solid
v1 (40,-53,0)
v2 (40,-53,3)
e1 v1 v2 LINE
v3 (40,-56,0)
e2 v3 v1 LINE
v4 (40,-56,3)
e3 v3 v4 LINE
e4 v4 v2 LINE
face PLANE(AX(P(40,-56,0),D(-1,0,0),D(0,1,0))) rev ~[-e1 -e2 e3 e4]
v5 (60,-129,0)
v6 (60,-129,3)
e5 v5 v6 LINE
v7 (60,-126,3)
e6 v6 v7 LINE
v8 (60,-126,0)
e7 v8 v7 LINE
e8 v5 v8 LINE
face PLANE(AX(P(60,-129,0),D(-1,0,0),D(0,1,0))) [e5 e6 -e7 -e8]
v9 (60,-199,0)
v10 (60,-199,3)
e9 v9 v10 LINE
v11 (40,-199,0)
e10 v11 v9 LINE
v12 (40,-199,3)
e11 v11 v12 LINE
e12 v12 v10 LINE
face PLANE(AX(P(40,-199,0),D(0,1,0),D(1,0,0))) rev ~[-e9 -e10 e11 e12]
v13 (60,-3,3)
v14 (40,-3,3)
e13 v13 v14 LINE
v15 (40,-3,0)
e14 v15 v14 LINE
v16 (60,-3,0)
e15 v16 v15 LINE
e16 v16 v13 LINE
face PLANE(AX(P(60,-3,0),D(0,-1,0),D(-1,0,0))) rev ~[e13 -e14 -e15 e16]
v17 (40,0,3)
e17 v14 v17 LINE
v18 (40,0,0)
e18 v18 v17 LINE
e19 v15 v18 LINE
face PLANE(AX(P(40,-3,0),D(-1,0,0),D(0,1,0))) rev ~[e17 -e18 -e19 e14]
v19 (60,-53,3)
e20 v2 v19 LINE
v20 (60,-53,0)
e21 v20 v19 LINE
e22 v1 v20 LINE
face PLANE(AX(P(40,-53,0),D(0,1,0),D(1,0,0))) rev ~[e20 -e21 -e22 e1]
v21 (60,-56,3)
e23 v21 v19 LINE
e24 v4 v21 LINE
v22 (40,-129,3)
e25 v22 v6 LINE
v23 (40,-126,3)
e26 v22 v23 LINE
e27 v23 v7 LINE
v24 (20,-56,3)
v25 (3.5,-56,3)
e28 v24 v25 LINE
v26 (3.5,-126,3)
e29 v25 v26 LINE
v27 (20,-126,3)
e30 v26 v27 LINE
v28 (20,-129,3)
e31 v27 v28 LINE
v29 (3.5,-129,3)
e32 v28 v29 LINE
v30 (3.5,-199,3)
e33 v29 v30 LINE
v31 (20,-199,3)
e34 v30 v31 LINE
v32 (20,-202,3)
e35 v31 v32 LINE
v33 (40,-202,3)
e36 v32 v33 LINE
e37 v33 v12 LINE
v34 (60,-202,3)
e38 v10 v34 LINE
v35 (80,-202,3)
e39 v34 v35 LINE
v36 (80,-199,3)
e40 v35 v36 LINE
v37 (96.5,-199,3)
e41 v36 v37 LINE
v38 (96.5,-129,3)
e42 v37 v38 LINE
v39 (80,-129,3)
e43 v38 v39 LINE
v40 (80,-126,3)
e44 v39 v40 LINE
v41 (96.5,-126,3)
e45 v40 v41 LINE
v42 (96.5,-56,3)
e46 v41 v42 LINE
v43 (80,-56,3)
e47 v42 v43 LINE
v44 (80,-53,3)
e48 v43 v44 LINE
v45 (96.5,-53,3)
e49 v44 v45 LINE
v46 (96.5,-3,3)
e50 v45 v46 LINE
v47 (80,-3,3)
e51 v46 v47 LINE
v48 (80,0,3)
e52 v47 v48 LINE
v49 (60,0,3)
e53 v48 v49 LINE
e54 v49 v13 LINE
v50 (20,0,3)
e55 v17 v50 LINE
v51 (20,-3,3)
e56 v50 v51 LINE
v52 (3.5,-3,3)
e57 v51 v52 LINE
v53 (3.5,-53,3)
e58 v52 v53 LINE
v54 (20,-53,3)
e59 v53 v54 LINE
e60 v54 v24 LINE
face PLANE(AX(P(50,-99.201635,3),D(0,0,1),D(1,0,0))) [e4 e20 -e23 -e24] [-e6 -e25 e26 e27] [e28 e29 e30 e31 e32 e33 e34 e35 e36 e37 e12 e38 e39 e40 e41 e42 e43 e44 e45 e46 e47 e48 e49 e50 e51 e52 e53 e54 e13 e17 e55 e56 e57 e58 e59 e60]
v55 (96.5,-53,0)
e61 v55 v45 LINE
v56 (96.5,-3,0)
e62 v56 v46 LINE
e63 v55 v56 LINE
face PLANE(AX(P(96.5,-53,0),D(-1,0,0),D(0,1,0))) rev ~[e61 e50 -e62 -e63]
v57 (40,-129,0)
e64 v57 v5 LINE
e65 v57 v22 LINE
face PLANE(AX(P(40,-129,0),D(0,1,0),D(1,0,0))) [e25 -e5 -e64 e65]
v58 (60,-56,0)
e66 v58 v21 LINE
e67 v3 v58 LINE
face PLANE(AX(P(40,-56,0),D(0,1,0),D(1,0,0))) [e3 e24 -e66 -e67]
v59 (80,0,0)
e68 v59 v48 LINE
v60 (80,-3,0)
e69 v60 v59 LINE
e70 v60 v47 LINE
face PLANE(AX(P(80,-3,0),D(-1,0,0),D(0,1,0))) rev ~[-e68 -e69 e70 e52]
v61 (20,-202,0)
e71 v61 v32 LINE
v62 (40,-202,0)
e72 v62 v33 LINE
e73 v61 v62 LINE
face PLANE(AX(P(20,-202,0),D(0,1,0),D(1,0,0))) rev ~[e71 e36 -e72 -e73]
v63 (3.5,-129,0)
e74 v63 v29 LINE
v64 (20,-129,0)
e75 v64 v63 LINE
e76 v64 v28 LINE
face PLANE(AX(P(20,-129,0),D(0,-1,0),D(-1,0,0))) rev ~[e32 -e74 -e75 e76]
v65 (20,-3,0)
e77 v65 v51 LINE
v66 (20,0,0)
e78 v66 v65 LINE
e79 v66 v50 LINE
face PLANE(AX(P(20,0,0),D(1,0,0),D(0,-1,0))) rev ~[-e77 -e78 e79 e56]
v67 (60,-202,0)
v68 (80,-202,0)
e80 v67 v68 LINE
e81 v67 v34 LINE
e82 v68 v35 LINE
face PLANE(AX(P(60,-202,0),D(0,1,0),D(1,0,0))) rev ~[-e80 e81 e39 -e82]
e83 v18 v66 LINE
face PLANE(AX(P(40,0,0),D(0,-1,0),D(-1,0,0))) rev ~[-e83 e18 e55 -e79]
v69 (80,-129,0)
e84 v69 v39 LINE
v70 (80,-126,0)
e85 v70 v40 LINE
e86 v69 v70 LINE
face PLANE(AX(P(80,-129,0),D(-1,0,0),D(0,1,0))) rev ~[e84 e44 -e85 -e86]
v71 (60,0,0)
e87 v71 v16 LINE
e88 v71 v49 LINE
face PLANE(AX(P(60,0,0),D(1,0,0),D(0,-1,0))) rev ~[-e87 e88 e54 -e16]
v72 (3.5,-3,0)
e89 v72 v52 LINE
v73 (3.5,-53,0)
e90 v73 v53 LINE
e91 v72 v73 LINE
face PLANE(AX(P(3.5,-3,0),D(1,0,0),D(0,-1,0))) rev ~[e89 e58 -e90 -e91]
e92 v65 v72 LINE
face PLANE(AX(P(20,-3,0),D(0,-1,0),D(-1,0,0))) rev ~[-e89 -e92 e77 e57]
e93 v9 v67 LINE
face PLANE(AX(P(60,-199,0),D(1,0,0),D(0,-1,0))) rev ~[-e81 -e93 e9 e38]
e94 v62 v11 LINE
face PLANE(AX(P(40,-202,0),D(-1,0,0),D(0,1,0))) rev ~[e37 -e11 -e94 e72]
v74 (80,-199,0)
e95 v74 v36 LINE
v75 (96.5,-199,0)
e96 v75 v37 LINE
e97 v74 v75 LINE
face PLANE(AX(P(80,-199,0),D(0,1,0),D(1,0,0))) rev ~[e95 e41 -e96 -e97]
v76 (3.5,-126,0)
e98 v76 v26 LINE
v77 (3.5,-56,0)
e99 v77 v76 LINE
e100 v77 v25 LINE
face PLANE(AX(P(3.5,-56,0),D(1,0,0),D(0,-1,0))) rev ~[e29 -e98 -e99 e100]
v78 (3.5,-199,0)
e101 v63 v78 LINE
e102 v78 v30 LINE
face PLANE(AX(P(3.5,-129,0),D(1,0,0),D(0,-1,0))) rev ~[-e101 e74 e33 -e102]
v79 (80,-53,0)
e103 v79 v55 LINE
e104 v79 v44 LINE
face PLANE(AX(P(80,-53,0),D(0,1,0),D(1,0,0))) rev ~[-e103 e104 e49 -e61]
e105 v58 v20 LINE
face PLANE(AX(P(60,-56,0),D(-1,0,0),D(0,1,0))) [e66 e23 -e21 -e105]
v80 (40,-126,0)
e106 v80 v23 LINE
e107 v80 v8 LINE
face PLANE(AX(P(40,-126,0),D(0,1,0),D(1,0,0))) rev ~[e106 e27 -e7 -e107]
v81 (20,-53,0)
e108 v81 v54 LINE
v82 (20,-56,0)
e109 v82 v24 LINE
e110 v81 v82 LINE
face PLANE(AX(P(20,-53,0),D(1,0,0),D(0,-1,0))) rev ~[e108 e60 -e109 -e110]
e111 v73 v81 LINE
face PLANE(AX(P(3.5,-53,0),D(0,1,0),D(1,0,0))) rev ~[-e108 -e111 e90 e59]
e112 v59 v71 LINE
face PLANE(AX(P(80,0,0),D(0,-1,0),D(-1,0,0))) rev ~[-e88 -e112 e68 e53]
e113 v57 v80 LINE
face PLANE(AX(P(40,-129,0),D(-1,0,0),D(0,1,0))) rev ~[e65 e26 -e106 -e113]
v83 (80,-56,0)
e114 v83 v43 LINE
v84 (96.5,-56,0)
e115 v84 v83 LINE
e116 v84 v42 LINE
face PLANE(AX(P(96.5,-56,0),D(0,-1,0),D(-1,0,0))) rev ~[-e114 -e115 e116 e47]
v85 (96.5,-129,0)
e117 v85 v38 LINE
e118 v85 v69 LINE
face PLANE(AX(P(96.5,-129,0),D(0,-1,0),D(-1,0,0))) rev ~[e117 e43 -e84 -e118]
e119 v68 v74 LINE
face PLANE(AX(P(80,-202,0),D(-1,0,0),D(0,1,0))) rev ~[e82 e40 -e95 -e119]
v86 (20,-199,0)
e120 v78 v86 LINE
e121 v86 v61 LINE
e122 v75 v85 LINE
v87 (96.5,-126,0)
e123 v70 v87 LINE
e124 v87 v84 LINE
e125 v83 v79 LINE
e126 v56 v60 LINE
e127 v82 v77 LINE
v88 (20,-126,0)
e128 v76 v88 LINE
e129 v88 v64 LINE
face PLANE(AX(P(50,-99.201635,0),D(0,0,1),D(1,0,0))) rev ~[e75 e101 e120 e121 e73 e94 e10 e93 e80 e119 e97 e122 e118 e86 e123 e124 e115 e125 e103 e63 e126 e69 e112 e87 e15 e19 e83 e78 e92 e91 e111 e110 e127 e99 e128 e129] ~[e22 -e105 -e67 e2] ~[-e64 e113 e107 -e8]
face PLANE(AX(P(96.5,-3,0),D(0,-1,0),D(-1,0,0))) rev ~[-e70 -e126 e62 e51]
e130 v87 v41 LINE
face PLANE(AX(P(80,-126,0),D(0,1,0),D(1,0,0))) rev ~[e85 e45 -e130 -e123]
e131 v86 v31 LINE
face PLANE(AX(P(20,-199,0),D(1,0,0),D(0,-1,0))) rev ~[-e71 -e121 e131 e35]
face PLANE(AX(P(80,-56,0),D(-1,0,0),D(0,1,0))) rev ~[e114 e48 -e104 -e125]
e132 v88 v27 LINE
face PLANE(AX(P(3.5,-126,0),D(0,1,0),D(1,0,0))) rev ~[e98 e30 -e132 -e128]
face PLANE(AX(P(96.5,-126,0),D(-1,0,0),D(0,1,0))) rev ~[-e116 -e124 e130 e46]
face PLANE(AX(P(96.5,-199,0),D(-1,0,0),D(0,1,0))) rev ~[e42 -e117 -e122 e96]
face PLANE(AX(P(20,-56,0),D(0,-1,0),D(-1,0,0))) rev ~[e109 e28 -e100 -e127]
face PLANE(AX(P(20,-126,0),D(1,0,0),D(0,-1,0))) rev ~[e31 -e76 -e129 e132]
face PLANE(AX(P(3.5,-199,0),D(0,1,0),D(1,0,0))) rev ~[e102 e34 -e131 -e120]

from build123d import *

# Parameters (mm, degrees)
F0_W     = 20
F0_H     = 3
F1_DEPTH = 3


with BuildPart() as f1:
    # F0 (on Top) → F1 (new body)
    with BuildSketch(Plane.XY):
        Polygon((40, 0), (20, 0), (20, -3), (3.5, -3), (3.5, -53), (20, -53), (20, -56), (3.5, -56), (3.5, -126), (20, -126), (20, -129), (3.5, -129), (3.5, -199), (20, -199), (20, -202), (40, -202), (40, -199), (60, -199), (60, -202), (80, -202), (80, -199), (96.5, -199), (96.5, -129), (80, -129), (80, -126), (96.5, -126), (96.5, -56), (80, -56), (80, -53), (96.5, -53), (96.5, -3), (80, -3), (80, 0), (60, 0), (60, -3), (40, -3), align=None)
        with Locations((50, -127.5)):
            Rectangle(F0_W, F0_H, mode=Mode.SUBTRACT)
        with Locations((50, -54.5)):
            Rectangle(F0_W, F0_H, mode=Mode.SUBTRACT)
    extrude(amount=F1_DEPTH)


solid = f1.part
